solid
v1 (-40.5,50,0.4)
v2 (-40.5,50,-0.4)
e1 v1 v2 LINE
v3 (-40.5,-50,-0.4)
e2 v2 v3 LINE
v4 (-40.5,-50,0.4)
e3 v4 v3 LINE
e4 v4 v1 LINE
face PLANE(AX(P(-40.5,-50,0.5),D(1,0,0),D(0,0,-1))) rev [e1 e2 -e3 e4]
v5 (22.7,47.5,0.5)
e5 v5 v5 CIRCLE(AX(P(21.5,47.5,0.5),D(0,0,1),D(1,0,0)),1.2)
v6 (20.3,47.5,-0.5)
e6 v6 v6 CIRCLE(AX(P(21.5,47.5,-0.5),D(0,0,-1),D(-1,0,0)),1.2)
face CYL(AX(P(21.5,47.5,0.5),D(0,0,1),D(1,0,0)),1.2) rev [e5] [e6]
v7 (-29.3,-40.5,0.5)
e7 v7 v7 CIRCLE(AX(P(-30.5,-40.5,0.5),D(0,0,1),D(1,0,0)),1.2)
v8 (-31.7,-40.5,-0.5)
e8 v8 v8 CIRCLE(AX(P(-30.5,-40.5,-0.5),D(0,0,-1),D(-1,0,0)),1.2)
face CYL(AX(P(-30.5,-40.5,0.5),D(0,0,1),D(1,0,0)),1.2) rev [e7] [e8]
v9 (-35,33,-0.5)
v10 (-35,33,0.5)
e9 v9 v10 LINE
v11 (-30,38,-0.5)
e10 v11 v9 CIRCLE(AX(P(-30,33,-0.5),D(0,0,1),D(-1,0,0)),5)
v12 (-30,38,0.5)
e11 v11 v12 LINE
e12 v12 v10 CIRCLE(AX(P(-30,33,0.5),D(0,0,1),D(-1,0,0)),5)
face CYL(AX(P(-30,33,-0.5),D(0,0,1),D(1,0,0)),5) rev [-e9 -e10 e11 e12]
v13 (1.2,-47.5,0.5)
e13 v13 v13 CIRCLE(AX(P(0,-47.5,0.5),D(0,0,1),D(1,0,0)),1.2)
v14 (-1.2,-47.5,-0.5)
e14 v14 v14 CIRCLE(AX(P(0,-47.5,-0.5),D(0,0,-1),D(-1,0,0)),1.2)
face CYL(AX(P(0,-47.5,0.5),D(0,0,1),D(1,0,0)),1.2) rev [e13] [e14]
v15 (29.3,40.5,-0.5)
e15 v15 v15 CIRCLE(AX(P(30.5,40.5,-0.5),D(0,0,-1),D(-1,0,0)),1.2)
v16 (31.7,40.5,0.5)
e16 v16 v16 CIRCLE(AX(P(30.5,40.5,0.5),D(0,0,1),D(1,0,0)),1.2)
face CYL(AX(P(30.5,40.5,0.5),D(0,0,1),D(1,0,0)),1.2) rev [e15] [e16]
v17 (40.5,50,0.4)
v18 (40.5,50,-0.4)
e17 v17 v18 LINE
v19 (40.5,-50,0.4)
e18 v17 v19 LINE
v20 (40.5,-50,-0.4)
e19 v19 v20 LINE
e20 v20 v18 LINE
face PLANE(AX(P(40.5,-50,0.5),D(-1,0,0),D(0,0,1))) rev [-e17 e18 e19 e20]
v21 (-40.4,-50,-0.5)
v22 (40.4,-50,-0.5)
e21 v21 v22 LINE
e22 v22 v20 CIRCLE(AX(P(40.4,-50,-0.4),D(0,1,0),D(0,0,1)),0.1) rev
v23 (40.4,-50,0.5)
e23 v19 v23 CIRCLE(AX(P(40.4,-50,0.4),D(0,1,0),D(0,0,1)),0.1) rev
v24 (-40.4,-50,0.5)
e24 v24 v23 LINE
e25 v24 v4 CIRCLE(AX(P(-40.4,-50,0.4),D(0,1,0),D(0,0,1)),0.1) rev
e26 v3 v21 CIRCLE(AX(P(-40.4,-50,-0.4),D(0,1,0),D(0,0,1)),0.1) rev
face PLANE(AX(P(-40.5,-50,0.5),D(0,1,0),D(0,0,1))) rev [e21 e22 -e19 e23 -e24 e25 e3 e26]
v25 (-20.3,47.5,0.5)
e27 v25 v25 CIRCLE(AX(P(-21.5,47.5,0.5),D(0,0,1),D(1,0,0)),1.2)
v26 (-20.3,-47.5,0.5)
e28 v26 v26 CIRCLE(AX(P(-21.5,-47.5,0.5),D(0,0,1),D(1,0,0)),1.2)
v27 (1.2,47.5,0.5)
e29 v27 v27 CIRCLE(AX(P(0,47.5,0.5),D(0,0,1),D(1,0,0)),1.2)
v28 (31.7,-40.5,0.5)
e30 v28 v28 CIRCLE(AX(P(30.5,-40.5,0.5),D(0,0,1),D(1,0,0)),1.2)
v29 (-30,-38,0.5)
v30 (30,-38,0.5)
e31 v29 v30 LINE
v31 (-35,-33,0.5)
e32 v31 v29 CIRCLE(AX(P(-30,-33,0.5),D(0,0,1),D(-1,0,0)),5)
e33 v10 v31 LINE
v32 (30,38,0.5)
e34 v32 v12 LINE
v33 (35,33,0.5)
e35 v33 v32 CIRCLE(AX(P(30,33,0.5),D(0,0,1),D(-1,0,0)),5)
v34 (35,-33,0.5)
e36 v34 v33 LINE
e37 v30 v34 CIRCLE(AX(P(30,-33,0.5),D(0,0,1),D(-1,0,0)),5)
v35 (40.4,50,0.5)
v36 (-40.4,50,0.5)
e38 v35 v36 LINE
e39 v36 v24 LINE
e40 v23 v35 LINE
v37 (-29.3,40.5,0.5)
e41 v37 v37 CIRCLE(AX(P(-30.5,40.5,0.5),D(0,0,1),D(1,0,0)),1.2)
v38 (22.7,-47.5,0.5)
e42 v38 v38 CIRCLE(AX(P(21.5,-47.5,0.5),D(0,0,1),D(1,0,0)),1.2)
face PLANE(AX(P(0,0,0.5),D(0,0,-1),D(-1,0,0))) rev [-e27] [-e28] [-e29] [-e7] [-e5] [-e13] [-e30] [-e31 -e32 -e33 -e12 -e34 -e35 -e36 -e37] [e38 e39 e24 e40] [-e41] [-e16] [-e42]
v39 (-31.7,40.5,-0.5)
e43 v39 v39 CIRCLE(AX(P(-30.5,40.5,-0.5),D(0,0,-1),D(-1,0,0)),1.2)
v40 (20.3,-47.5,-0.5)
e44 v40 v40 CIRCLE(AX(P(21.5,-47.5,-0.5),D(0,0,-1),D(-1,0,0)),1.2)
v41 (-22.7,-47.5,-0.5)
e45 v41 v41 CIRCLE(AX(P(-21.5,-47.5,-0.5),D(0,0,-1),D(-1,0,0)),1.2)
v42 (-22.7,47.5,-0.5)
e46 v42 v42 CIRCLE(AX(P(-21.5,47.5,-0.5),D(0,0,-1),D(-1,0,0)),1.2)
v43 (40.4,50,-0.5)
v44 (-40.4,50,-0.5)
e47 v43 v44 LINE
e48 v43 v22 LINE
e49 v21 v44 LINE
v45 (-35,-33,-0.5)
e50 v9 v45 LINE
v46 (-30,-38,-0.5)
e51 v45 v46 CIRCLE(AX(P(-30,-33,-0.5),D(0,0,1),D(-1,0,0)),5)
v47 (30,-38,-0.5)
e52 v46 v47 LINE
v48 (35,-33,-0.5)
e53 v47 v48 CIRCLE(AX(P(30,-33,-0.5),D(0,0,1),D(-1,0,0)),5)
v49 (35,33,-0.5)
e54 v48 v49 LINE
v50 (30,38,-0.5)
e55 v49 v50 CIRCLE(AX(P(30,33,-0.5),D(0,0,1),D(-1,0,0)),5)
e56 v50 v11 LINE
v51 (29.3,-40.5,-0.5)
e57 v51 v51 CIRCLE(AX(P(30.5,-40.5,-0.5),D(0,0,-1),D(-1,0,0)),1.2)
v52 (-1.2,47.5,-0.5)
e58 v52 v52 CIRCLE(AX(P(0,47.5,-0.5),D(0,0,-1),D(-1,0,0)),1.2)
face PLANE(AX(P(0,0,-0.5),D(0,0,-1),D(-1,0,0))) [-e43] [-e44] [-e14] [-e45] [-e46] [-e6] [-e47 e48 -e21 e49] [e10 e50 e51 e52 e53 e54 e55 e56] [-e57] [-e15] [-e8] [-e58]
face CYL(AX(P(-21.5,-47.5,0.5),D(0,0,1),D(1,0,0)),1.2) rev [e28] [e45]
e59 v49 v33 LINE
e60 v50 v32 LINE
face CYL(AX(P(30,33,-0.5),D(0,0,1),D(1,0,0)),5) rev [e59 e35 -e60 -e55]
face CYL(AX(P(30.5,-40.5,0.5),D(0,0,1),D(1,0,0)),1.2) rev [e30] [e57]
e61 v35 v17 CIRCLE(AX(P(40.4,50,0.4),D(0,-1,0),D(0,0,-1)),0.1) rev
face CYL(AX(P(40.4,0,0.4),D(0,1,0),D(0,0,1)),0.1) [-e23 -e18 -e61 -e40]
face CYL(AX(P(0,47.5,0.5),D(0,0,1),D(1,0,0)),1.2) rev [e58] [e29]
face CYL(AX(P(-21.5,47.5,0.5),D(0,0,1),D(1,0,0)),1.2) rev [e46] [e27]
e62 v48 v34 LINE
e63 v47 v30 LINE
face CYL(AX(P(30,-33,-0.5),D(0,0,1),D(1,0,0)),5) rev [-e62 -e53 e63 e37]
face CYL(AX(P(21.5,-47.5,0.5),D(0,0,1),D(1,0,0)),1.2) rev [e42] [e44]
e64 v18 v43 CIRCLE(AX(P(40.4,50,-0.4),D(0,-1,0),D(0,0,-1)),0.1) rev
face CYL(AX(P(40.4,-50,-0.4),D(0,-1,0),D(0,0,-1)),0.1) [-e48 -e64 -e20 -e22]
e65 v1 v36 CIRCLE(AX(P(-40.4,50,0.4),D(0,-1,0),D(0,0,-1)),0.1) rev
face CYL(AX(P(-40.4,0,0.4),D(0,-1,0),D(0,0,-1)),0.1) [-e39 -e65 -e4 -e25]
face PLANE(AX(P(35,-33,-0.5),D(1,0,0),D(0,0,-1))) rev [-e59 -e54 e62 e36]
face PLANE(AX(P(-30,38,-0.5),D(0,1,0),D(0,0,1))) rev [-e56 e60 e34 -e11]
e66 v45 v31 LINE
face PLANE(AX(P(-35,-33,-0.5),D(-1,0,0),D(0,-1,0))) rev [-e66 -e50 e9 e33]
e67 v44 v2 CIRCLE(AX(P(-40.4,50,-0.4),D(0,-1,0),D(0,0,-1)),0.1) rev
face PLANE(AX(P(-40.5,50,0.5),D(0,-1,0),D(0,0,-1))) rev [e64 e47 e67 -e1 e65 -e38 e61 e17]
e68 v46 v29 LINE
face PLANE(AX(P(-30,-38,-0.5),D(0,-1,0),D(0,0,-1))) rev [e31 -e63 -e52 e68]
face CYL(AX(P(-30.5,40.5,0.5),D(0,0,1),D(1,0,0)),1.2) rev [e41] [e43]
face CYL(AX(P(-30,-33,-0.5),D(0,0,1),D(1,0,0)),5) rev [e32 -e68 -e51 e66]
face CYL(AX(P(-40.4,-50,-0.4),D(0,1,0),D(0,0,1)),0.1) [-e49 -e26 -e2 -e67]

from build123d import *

# Parameters (mm, degrees)
SKETCH1_W           = 81
SKETCH1_H           = 100
BOSS_EXTRUDE1_DEPTH = 0.5
CUT_EXTRUDE1_DEPTH  = 65.352544627
M2_HOLE1_AD_D       = 2.4
M2_HOLE1_AD_DEPTH   = 100
M2_HOLE1_AD_TIP     = 0.721032743
M2_HOLE2_AD_D       = 2.4
M2_HOLE2_AD_DEPTH   = 100
M2_HOLE2_AD_TIP     = 0.721032743
M2_HOLE3_AE_D       = 2.4
M2_HOLE3_AE_DEPTH   = 200
M2_HOLE3_AE_TIP     = 0.721032743
FILLET1_R           = 0.1


with BuildPart() as part:
    # Sketch1 → Boss-Extrude1 (new, symmetric)
    with BuildSketch(Plane.XY):
        Rectangle(SKETCH1_W, SKETCH1_H)
    extrude(amount=BOSS_EXTRUDE1_DEPTH, both=True)

    # Sketch2 → Cut-Extrude1 (cut, through all)
    with BuildSketch(Plane.XY.offset(0.5)):
        with BuildLine():
            Line((-30, -38), (30, -38))
            ThreePointArc((30, -38), (33.535533906, -36.535533906), (35, -33))
            Line((35, -33), (35, 33))
            ThreePointArc((35, 33), (33.535533906, 36.535533906), (30, 38))
            Line((30, 38), (-30, 38))
            ThreePointArc((-30, 38), (-33.535533906, 36.535533906), (-35, 33))
            Line((-35, 33), (-35, -33))
            ThreePointArc((-35, -33), (-33.535533906, -36.535533906), (-30, -38))
        make_face()
    extrude(amount=-CUT_EXTRUDE1_DEPTH, mode=Mode.SUBTRACT)

    # M2 Hole1 - AD
    with Locations(Plane.XY.offset(0.5)):
        with Locations((-30.5, 40.5), (30.5, 40.5), (-30.5, -40.5), (30.5, -40.5)):
            Hole(M2_HOLE1_AD_D / 2, depth=M2_HOLE1_AD_DEPTH)
            with Locations((0, 0, -(M2_HOLE1_AD_DEPTH + M2_HOLE1_AD_TIP / 2))):  # 118° drill point
                Cone(0, M2_HOLE1_AD_D / 2, M2_HOLE1_AD_TIP, mode=Mode.SUBTRACT)

    # M2 Hole2 - AD
    with Locations(Plane.XY.offset(0.5)):
        with Locations((-21.5, 47.5), (21.5, 47.5), (-21.5, -47.5), (21.5, -47.5)):
            Hole(M2_HOLE2_AD_D / 2, depth=M2_HOLE2_AD_DEPTH)
            with Locations((0, 0, -(M2_HOLE2_AD_DEPTH + M2_HOLE2_AD_TIP / 2))):  # 118° drill point
                Cone(0, M2_HOLE2_AD_D / 2, M2_HOLE2_AD_TIP, mode=Mode.SUBTRACT)

    # M2 Hole3 - AE
    with Locations(Plane.XY.offset(0.5)):
        with Locations((0, 47.5), (0, -47.5)):
            Hole(M2_HOLE3_AE_D / 2, depth=M2_HOLE3_AE_DEPTH)
            with Locations((0, 0, -(M2_HOLE3_AE_DEPTH + M2_HOLE3_AE_TIP / 2))):  # 118° drill point
                Cone(0, M2_HOLE3_AE_D / 2, M2_HOLE3_AE_TIP, mode=Mode.SUBTRACT)

    # Fillet1
    fillet1_edges = [part.edges().sort_by_distance(p)[0] for p in [
        (-40.5, 0, 0.5),
        (40.5, 0, 0.5),
        (-40.5, 0, -0.5),
        (40.5, 0, -0.5),
    ]]
    fillet(fillet1_edges, radius=FILLET1_R)


solid = part.part
